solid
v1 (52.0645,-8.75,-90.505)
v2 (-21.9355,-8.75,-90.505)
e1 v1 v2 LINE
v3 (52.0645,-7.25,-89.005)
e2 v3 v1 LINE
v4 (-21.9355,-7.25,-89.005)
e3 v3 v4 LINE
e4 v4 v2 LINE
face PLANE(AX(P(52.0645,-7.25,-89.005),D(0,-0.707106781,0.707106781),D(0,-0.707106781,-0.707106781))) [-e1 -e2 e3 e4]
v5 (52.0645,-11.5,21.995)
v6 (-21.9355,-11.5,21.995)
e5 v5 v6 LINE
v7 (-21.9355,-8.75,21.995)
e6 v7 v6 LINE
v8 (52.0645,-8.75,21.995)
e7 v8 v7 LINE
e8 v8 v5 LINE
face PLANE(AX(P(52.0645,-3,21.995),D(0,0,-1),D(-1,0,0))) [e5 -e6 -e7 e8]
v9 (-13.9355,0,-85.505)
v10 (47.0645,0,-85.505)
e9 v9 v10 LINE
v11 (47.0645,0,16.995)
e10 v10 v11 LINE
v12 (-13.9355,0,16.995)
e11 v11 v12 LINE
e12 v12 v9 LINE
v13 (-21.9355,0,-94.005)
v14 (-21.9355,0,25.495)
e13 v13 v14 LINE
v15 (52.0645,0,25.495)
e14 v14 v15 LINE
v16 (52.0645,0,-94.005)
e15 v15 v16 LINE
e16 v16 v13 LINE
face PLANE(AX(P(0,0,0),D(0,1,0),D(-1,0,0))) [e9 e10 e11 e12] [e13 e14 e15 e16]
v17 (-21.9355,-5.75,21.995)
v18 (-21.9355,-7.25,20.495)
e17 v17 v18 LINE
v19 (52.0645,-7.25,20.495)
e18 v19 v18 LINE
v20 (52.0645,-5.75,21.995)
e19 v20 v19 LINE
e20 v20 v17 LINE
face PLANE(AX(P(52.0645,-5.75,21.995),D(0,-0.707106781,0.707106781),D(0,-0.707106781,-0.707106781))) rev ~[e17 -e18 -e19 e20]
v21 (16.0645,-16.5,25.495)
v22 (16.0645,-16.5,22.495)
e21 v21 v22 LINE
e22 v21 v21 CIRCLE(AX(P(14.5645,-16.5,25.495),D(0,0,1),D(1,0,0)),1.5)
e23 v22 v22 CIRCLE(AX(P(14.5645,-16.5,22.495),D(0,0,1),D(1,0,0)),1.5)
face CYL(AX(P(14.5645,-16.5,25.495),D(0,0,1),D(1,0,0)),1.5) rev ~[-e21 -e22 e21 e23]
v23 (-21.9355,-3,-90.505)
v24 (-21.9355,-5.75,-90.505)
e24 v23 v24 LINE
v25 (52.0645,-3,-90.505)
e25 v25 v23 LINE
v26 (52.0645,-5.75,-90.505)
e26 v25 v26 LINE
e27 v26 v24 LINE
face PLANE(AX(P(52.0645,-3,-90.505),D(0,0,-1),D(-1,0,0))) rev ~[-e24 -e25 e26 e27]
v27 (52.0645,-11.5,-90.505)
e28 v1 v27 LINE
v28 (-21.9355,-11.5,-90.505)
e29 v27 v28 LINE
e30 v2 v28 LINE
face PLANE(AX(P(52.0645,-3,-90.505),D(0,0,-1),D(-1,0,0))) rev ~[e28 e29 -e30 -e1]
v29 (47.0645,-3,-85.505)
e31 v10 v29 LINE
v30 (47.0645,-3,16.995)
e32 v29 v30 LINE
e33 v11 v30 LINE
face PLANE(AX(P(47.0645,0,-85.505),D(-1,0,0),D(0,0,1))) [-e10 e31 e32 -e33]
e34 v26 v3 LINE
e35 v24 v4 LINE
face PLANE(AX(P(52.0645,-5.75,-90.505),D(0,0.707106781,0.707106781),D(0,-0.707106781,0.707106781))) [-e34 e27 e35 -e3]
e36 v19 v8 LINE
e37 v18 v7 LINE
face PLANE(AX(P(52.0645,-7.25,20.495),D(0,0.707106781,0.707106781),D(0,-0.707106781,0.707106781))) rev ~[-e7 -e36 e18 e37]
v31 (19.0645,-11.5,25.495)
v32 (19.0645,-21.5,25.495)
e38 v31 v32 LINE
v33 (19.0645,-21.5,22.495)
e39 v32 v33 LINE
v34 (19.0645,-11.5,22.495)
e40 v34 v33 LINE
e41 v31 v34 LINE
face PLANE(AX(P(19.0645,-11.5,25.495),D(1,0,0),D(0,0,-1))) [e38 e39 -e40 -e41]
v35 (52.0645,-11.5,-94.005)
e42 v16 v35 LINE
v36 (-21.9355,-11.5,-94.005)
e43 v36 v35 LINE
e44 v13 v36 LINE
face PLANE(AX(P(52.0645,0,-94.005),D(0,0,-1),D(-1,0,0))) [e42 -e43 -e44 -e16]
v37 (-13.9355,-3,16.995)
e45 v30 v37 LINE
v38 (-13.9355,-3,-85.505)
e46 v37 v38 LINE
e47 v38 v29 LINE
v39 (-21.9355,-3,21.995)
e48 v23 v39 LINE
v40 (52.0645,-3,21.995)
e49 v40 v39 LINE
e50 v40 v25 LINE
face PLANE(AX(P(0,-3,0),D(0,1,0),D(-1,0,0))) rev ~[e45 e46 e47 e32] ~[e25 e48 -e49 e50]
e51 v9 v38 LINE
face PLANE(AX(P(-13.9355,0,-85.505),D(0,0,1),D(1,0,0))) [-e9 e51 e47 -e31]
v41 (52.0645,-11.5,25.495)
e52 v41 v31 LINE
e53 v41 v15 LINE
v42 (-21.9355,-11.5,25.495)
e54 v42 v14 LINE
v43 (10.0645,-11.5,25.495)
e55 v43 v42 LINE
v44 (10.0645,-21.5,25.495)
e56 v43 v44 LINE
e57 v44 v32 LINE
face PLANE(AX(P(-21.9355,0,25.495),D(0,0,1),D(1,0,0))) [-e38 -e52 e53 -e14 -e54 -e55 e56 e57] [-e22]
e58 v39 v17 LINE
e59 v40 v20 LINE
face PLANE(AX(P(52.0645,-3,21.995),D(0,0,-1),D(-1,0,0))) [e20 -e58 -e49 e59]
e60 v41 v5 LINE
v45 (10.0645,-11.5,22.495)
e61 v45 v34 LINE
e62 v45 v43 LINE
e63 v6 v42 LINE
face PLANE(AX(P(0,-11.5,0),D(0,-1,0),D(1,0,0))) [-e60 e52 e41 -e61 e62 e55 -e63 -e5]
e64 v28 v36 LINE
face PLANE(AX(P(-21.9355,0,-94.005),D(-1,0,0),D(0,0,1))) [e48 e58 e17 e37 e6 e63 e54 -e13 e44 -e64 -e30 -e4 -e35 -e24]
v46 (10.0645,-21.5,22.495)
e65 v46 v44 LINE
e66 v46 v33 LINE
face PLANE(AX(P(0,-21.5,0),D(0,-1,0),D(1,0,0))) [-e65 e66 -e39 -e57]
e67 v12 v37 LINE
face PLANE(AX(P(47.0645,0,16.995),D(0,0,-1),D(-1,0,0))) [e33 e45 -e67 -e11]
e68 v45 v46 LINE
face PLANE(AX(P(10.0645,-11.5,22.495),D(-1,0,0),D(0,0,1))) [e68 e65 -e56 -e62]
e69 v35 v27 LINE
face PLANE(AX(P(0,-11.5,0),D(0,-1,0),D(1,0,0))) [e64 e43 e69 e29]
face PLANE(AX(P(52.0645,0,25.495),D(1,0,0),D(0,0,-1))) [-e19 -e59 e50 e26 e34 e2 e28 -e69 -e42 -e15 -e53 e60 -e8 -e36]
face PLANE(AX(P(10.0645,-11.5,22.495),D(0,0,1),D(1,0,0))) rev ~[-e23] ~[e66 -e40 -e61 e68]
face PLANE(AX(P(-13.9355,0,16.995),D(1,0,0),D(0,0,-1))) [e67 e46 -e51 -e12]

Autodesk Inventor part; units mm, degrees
ref_plane "YZ Plane" through (0, 0, 0) normal (1, 0, 0) x (0, 1, 0)
ref_plane "XZ Plane" through (0, 0, 0) normal (0, 1, 0) x (-1, 0, 0)
ref_plane "XY Plane" through (0, 0, 0) normal (0, 0, 1) x (1, 0, 0)
sketch "Sketch1" plane through (0, 0, 0) normal (0, 1, 0) x (-1, 0, 0)
  line L0 (21.9355, 25.495) -> (-52.0645, 25.495)
  line L1 (-52.0645, 25.495) -> (-52.0645, -94.005)
  line L2 (-52.0645, -94.005) -> (21.9355, -94.005)
  line L3 (21.9355, -94.005) -> (21.9355, 25.495)
  point P0 (0, 0)
  dimension "d0" = 119.5
  dimension "d1" = 74
extrude "Extrusion1" add sketch "Sketch1" against normal blind 3
sketch "Sketch2" plane through (0, 0, 0) normal (0, 1, 0) x (1, 0, 0)
  line L0 (-13.9355, -16.995) -> (-13.9355, 85.505)
  line L1 (-13.9355, 85.505) -> (47.0645, 85.505)
  line L2 (-21.9355, 94.005) -> (52.0645, 94.005) projected
  line L3 (47.0645, 85.505) -> (47.0645, -16.995)
  line L4 (47.0645, -16.995) -> (-13.9355, -16.995)
  line L5 (-21.9355, -25.495) -> (52.0645, -25.495) projected
  line L6 (-21.9355, 94.005) -> (-21.9355, -25.495) projected
  line L7 (52.0645, -25.495) -> (52.0645, 94.005) projected
  point P0 (0, 0)
  dimension "d4" = 8.5
  dimension "d5" = 8.5
  dimension "d6" = 8
  dimension "d7" = 5
extrude "Extrusion2" cut sketch "Sketch2" against normal blind 3 contours L0 L1 L3 L4
sketch "Sketch7" plane through (0, -3, 0) normal (0, -1, 0) x (1, 0, 0)
  line L0 (52.0645, 25.495) -> (-21.9355, 25.495) projected
  line L1 (52.0645, 25.495) -> (52.0645, 21.995)
  line L2 (52.0645, -94.005) -> (52.0645, 25.495) projected
  line L3 (52.0645, 21.995) -> (-21.9355, 21.995)
  line L4 (-21.9355, 21.995) -> (-21.9355, 25.495)
  line L5 (-21.9355, 25.495) -> (52.0645, 25.495)
  line L6 (52.0645, -94.005) -> (52.0645, -90.505)
  line L7 (52.0645, -90.505) -> (-21.9355, -90.505)
  line L8 (-21.9355, -90.505) -> (-21.9355, -94.005)
  line L9 (-21.9355, -94.005) -> (52.0645, -94.005)
  point P0 (0, 0)
  point P1 (-21.9355, 25.495)
  dimension "d82" = 3.5
  dimension "d83" = 74
  dimension "d84" = 3.5
  dimension "d107" = 74
extrude "Extrusion7" add sketch "Sketch7" along normal blind 8.5
sketch "Sketch8" plane through (52.0645, 0, 25.495) normal (1, 0, 0) x (0, 0, -1)
  line L0 (3.5, -3) -> (3.5, -11.5) projected
  line L1 (3.5, -5.75) -> (5, -7.25)
  line L2 (5, -7.25) -> (3.5, -8.75)
  line L3 (116, -3) -> (3.5, -3) projected
  line L4 (116, -3) -> (116, -11.5) projected
  line L5 (116, -5.75) -> (114.5, -7.25)
  line L6 (114.5, -7.25) -> (116, -8.75)
  point P0 (25.495, 0)
  dimension "d87" = 45
  dimension "d88" = 1.5
  dimension "d89" = 4.25
  dimension "d90" = 45
  dimension "d91" = 45
  dimension "d92" = 4.25
  dimension "d93" = 1.5
extrude "Extrusion8" add sketch "Sketch8" against normal blind 74
sketch "Sketch9" plane through (0, -11.5, 0) normal (0, -1, 0) x (1, 0, 0)
  line L0 (-21.9355, 25.495) -> (52.0645, 25.495) projected
  line L1 (10.0645, 25.495) -> (19.0645, 25.495)
  line L2 (19.0645, 25.495) -> (19.0645, 22.495)
  line L3 (10.0645, 22.495) -> (10.0645, 25.495)
  line L4 (52.0645, 21.995) -> (52.0645, 25.495) projected
  line L5 (-21.9355, 25.495) -> (-21.9355, 21.995) projected
  line L6 (10.0645, 22.495) -> (19.0645, 22.495)
  line L7 (52.0645, 21.995) -> (-21.9355, 21.995) projected
  point P0 (0, 0)
  dimension "d96" = 9
  dimension "d97" = 3
  dimension "d99" = 32
extrude "Extrusion9" add sketch "Sketch9" along normal blind 10 contours L0 L2 L6 L3
sketch "Sketch10" plane through (-21.9355, 0, 25.495) normal (0, 0, 1) x (1, 0, 0)
  circle A0 centre (36.5, -16.5) radius 1.5
  line L0 (41, -21.5) -> (32, -21.5) projected
  line L1 (32, -11.5) -> (32, -21.5) projected
  point P0 (21.9355, 0)
  dimension "d102" = 3
  dimension "d103" = 5
  dimension "d104" = 4.5
extrude "Extrusion10" cut sketch "Sketch10" against normal blind 10
properties part number "plate top"
